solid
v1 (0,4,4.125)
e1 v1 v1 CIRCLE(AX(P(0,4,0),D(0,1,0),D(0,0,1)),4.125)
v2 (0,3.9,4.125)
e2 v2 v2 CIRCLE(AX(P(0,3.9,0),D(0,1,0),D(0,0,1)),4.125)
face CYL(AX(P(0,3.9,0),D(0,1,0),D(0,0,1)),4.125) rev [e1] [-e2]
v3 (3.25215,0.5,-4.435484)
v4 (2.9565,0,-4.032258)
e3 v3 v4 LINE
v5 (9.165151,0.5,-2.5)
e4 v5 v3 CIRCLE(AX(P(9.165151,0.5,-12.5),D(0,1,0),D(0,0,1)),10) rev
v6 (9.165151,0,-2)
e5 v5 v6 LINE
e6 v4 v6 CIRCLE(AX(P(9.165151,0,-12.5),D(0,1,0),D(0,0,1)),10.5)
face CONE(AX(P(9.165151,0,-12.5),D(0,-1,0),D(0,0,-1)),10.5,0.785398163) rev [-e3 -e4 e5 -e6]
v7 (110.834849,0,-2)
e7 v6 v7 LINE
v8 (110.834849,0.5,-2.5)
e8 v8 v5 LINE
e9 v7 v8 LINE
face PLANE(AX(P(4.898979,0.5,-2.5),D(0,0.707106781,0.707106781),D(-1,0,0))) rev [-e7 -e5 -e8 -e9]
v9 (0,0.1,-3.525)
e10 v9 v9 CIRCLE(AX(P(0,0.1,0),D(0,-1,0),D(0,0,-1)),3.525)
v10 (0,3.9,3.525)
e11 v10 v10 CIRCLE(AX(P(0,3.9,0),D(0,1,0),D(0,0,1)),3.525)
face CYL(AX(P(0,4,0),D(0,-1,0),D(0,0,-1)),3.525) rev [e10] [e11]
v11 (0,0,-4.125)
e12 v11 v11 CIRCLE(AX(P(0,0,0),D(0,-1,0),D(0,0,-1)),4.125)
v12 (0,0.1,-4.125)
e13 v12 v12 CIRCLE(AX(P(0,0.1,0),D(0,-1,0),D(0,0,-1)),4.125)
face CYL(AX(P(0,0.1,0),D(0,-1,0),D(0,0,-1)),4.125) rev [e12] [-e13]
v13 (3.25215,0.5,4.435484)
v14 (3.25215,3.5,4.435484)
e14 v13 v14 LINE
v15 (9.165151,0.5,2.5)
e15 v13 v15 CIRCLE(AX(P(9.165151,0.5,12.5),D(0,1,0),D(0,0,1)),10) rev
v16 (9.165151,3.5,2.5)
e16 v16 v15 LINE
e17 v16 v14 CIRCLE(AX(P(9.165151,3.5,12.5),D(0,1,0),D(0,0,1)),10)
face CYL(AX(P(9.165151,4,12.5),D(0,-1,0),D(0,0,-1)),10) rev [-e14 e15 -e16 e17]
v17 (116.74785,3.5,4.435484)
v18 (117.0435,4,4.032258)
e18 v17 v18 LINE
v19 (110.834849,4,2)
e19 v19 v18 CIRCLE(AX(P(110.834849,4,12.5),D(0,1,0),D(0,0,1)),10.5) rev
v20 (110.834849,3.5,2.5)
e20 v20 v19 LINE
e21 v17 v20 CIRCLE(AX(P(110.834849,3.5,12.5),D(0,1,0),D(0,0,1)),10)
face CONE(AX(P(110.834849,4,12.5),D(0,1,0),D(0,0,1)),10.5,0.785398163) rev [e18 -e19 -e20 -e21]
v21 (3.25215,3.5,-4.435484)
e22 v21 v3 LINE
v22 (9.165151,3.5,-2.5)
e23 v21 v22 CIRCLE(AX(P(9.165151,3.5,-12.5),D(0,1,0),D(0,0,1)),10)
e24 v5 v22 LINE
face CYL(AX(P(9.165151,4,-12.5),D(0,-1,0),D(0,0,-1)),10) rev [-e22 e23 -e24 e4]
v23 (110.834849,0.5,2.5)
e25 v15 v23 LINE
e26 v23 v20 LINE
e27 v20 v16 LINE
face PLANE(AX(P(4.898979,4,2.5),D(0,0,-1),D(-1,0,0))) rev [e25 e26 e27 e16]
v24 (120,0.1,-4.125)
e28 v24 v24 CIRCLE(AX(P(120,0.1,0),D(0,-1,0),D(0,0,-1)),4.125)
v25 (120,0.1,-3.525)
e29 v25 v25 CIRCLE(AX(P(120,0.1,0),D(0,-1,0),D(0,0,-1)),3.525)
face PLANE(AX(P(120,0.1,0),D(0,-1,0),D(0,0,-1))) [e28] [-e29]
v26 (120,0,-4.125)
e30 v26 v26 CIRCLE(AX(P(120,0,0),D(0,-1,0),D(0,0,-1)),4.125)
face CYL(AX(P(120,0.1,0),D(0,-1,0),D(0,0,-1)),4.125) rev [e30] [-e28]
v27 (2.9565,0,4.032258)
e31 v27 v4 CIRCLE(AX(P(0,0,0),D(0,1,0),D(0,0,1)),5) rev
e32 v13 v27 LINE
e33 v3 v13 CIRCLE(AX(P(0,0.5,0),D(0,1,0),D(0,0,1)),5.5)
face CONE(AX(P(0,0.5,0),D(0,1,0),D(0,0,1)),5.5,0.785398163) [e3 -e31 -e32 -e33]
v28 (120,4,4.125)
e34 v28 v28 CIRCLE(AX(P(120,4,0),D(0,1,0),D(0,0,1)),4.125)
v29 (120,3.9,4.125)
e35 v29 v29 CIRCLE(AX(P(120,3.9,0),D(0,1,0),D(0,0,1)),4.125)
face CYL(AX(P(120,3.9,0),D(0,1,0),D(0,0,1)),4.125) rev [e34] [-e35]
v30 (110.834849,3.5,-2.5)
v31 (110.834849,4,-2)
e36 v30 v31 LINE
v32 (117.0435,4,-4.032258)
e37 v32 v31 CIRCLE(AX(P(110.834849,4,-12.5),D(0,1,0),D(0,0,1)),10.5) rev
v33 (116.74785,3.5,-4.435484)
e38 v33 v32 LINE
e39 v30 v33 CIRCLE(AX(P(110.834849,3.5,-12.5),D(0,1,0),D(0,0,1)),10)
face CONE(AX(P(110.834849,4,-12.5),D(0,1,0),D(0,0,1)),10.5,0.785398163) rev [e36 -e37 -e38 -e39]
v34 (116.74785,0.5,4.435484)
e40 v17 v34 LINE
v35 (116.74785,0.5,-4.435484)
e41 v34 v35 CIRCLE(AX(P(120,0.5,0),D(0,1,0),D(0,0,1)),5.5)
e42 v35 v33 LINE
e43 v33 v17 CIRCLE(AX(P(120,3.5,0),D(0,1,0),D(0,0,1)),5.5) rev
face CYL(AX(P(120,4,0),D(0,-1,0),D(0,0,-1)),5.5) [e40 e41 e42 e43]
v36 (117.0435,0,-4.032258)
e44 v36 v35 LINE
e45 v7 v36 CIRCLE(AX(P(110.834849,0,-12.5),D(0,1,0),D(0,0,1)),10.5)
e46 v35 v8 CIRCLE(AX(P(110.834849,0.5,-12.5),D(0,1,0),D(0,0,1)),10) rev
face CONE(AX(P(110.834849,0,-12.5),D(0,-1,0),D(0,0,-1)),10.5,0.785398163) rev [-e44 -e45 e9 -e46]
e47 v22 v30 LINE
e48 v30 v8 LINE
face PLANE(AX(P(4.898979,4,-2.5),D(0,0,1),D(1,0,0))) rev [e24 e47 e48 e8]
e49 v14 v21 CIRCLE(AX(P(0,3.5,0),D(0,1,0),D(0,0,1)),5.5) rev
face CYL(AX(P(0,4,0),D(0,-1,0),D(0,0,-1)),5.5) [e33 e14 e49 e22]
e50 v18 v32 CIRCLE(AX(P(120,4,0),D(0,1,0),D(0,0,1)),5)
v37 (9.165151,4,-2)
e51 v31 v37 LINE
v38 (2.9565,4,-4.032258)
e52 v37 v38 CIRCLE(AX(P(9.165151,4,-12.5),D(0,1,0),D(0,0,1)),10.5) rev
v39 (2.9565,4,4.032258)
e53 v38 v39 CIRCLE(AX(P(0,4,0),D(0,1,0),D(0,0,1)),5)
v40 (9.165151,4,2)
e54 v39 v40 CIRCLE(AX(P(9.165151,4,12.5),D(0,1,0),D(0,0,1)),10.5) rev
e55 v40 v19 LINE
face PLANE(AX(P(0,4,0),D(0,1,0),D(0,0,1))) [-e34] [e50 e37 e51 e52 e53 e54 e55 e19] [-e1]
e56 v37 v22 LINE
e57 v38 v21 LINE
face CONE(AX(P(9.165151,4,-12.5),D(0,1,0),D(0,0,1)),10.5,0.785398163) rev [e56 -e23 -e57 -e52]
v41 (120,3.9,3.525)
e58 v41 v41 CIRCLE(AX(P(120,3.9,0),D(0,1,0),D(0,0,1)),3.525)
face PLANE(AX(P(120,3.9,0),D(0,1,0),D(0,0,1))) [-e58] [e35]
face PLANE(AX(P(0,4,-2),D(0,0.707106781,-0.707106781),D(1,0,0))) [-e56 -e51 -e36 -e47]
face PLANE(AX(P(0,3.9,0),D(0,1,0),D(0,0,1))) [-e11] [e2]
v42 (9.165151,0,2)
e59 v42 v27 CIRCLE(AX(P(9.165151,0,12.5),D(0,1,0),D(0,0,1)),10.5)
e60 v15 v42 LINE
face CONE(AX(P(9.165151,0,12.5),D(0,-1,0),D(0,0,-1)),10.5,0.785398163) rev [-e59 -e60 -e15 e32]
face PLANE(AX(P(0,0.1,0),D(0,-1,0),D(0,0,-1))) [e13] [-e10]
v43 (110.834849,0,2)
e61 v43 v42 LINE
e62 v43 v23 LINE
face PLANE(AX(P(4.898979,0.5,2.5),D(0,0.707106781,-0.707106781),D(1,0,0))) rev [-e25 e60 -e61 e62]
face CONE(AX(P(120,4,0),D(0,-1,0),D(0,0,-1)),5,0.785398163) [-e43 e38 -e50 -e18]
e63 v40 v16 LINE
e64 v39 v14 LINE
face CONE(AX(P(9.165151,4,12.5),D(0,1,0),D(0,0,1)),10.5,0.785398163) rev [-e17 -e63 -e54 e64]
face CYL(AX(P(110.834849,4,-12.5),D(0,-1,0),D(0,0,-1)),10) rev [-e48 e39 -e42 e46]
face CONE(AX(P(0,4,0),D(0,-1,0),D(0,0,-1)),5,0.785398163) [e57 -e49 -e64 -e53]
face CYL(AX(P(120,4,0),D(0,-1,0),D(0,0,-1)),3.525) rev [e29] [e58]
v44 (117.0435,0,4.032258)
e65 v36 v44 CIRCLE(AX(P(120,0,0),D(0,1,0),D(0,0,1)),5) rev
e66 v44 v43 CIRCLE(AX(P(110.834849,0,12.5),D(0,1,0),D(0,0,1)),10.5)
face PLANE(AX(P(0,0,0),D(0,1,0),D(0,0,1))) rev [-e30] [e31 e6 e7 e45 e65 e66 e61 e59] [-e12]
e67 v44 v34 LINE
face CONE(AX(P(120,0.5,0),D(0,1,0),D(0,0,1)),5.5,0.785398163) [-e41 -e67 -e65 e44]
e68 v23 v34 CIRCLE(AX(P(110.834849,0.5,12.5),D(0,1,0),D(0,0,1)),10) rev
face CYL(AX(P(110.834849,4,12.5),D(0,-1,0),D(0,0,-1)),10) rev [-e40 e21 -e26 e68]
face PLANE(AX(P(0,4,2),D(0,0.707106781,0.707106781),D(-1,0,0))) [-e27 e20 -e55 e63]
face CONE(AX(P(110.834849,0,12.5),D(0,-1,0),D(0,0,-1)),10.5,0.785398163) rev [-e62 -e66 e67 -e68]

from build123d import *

# Parameters (mm, degrees)
SKETCH_1_R          = 3.525
EXTRUDE_1_DEPTH     = 4
FILLET_1_R          = 10
CHAMFER_1_SIZE      = 0.5
SKETCH_3_R          = 4.125
CUT_EXTRUDE_2_DEPTH = 0.1
CUT_EXTRUDE_START   = -0.1
SKETCH_4_R          = 4.125
CUT_EXTRUDE_3_DEPTH = 0.1


with BuildPart() as part:
    # 草图1 → 凸台-拉伸1 (new body)
    with BuildSketch(Plane(origin=(0, 0, 0), x_dir=(1, 0, 0), z_dir=(0, 1, 0))):
        with BuildLine():
            Line((4.898979486, 2.5), (115.101020514, 2.5))
            ThreePointArc((115.101020514, 2.5), (125.5, 0), (115.101020514, -2.5))
            Line((115.101020514, -2.5), (4.898979486, -2.5))
            ThreePointArc((4.898979486, -2.5), (-5.5, 0), (4.898979486, 2.5))
        make_face()
        with Locations(Location((0, 0, 0), (0, 0, 270))):
            Circle(SKETCH_1_R, mode=Mode.SUBTRACT)
        with Locations(Location((120, 0, 0), (0, 0, 270))):
            Circle(SKETCH_1_R, mode=Mode.SUBTRACT)
    extrude(amount=EXTRUDE_1_DEPTH)

    # 圆角1
    fillet_1_edges = [part.edges().sort_by_distance(p)[0] for p in [
        (4.898979486, 2, -2.5),
        (115.101020514, 2, -2.5),
        (115.101020514, 2, 2.5),
        (4.898979486, 2, 2.5),
    ]]
    fillet(fillet_1_edges, radius=FILLET_1_R)

    # 倒角1
    chamfer_1_edges = [part.edges().sort_by_distance(p)[0] for p in [
        (125.5, 0, 0),
        (125.5, 4, 0),
        (60, 0, 2.5),
        (60, 4, 2.5),
        (60, 0, -2.5),
        (60, 4, -2.5),
        (-5.5, 0, 0),
        (-5.5, 4, 0),
        (113.945703694, 0, 2.996180734),
        (113.945703694, 4, 2.996180734),
        (113.945703694, 0, -2.996180734),
        (113.945703694, 4, -2.996180734),
        (6.054296306, 0, 2.996180734),
        (6.054296306, 4, 2.996180734),
        (6.054296306, 0, -2.996180734),
        (6.054296306, 4, -2.996180734),
    ]]
    chamfer(chamfer_1_edges, length=CHAMFER_1_SIZE)

    # 草图3 → 切除-拉伸2 (cut)
    with BuildSketch(Plane(origin=(0, 4, 0), x_dir=(1, 0, 0), z_dir=(0, 1, 0))):
        with Locations(Location((0, 0, 0), (0, 0, 270))):
            Circle(SKETCH_3_R)
        with Locations(Location((120, 0, 0), (0, 0, 270))):
            Circle(SKETCH_3_R)
    extrude(amount=-CUT_EXTRUDE_2_DEPTH, mode=Mode.SUBTRACT)

    # 草图4 → 切除-拉伸3 (cut)
    with BuildSketch(Plane.XZ.offset(CUT_EXTRUDE_START)):
        with Locations(Location((0, 0, 0), (0, 0, 90))):
            Circle(SKETCH_4_R)
        with Locations(Location((120, 0, 0), (0, 0, 90))):
            Circle(SKETCH_4_R)
    extrude(amount=CUT_EXTRUDE_3_DEPTH, mode=Mode.SUBTRACT)


solid = part.part
